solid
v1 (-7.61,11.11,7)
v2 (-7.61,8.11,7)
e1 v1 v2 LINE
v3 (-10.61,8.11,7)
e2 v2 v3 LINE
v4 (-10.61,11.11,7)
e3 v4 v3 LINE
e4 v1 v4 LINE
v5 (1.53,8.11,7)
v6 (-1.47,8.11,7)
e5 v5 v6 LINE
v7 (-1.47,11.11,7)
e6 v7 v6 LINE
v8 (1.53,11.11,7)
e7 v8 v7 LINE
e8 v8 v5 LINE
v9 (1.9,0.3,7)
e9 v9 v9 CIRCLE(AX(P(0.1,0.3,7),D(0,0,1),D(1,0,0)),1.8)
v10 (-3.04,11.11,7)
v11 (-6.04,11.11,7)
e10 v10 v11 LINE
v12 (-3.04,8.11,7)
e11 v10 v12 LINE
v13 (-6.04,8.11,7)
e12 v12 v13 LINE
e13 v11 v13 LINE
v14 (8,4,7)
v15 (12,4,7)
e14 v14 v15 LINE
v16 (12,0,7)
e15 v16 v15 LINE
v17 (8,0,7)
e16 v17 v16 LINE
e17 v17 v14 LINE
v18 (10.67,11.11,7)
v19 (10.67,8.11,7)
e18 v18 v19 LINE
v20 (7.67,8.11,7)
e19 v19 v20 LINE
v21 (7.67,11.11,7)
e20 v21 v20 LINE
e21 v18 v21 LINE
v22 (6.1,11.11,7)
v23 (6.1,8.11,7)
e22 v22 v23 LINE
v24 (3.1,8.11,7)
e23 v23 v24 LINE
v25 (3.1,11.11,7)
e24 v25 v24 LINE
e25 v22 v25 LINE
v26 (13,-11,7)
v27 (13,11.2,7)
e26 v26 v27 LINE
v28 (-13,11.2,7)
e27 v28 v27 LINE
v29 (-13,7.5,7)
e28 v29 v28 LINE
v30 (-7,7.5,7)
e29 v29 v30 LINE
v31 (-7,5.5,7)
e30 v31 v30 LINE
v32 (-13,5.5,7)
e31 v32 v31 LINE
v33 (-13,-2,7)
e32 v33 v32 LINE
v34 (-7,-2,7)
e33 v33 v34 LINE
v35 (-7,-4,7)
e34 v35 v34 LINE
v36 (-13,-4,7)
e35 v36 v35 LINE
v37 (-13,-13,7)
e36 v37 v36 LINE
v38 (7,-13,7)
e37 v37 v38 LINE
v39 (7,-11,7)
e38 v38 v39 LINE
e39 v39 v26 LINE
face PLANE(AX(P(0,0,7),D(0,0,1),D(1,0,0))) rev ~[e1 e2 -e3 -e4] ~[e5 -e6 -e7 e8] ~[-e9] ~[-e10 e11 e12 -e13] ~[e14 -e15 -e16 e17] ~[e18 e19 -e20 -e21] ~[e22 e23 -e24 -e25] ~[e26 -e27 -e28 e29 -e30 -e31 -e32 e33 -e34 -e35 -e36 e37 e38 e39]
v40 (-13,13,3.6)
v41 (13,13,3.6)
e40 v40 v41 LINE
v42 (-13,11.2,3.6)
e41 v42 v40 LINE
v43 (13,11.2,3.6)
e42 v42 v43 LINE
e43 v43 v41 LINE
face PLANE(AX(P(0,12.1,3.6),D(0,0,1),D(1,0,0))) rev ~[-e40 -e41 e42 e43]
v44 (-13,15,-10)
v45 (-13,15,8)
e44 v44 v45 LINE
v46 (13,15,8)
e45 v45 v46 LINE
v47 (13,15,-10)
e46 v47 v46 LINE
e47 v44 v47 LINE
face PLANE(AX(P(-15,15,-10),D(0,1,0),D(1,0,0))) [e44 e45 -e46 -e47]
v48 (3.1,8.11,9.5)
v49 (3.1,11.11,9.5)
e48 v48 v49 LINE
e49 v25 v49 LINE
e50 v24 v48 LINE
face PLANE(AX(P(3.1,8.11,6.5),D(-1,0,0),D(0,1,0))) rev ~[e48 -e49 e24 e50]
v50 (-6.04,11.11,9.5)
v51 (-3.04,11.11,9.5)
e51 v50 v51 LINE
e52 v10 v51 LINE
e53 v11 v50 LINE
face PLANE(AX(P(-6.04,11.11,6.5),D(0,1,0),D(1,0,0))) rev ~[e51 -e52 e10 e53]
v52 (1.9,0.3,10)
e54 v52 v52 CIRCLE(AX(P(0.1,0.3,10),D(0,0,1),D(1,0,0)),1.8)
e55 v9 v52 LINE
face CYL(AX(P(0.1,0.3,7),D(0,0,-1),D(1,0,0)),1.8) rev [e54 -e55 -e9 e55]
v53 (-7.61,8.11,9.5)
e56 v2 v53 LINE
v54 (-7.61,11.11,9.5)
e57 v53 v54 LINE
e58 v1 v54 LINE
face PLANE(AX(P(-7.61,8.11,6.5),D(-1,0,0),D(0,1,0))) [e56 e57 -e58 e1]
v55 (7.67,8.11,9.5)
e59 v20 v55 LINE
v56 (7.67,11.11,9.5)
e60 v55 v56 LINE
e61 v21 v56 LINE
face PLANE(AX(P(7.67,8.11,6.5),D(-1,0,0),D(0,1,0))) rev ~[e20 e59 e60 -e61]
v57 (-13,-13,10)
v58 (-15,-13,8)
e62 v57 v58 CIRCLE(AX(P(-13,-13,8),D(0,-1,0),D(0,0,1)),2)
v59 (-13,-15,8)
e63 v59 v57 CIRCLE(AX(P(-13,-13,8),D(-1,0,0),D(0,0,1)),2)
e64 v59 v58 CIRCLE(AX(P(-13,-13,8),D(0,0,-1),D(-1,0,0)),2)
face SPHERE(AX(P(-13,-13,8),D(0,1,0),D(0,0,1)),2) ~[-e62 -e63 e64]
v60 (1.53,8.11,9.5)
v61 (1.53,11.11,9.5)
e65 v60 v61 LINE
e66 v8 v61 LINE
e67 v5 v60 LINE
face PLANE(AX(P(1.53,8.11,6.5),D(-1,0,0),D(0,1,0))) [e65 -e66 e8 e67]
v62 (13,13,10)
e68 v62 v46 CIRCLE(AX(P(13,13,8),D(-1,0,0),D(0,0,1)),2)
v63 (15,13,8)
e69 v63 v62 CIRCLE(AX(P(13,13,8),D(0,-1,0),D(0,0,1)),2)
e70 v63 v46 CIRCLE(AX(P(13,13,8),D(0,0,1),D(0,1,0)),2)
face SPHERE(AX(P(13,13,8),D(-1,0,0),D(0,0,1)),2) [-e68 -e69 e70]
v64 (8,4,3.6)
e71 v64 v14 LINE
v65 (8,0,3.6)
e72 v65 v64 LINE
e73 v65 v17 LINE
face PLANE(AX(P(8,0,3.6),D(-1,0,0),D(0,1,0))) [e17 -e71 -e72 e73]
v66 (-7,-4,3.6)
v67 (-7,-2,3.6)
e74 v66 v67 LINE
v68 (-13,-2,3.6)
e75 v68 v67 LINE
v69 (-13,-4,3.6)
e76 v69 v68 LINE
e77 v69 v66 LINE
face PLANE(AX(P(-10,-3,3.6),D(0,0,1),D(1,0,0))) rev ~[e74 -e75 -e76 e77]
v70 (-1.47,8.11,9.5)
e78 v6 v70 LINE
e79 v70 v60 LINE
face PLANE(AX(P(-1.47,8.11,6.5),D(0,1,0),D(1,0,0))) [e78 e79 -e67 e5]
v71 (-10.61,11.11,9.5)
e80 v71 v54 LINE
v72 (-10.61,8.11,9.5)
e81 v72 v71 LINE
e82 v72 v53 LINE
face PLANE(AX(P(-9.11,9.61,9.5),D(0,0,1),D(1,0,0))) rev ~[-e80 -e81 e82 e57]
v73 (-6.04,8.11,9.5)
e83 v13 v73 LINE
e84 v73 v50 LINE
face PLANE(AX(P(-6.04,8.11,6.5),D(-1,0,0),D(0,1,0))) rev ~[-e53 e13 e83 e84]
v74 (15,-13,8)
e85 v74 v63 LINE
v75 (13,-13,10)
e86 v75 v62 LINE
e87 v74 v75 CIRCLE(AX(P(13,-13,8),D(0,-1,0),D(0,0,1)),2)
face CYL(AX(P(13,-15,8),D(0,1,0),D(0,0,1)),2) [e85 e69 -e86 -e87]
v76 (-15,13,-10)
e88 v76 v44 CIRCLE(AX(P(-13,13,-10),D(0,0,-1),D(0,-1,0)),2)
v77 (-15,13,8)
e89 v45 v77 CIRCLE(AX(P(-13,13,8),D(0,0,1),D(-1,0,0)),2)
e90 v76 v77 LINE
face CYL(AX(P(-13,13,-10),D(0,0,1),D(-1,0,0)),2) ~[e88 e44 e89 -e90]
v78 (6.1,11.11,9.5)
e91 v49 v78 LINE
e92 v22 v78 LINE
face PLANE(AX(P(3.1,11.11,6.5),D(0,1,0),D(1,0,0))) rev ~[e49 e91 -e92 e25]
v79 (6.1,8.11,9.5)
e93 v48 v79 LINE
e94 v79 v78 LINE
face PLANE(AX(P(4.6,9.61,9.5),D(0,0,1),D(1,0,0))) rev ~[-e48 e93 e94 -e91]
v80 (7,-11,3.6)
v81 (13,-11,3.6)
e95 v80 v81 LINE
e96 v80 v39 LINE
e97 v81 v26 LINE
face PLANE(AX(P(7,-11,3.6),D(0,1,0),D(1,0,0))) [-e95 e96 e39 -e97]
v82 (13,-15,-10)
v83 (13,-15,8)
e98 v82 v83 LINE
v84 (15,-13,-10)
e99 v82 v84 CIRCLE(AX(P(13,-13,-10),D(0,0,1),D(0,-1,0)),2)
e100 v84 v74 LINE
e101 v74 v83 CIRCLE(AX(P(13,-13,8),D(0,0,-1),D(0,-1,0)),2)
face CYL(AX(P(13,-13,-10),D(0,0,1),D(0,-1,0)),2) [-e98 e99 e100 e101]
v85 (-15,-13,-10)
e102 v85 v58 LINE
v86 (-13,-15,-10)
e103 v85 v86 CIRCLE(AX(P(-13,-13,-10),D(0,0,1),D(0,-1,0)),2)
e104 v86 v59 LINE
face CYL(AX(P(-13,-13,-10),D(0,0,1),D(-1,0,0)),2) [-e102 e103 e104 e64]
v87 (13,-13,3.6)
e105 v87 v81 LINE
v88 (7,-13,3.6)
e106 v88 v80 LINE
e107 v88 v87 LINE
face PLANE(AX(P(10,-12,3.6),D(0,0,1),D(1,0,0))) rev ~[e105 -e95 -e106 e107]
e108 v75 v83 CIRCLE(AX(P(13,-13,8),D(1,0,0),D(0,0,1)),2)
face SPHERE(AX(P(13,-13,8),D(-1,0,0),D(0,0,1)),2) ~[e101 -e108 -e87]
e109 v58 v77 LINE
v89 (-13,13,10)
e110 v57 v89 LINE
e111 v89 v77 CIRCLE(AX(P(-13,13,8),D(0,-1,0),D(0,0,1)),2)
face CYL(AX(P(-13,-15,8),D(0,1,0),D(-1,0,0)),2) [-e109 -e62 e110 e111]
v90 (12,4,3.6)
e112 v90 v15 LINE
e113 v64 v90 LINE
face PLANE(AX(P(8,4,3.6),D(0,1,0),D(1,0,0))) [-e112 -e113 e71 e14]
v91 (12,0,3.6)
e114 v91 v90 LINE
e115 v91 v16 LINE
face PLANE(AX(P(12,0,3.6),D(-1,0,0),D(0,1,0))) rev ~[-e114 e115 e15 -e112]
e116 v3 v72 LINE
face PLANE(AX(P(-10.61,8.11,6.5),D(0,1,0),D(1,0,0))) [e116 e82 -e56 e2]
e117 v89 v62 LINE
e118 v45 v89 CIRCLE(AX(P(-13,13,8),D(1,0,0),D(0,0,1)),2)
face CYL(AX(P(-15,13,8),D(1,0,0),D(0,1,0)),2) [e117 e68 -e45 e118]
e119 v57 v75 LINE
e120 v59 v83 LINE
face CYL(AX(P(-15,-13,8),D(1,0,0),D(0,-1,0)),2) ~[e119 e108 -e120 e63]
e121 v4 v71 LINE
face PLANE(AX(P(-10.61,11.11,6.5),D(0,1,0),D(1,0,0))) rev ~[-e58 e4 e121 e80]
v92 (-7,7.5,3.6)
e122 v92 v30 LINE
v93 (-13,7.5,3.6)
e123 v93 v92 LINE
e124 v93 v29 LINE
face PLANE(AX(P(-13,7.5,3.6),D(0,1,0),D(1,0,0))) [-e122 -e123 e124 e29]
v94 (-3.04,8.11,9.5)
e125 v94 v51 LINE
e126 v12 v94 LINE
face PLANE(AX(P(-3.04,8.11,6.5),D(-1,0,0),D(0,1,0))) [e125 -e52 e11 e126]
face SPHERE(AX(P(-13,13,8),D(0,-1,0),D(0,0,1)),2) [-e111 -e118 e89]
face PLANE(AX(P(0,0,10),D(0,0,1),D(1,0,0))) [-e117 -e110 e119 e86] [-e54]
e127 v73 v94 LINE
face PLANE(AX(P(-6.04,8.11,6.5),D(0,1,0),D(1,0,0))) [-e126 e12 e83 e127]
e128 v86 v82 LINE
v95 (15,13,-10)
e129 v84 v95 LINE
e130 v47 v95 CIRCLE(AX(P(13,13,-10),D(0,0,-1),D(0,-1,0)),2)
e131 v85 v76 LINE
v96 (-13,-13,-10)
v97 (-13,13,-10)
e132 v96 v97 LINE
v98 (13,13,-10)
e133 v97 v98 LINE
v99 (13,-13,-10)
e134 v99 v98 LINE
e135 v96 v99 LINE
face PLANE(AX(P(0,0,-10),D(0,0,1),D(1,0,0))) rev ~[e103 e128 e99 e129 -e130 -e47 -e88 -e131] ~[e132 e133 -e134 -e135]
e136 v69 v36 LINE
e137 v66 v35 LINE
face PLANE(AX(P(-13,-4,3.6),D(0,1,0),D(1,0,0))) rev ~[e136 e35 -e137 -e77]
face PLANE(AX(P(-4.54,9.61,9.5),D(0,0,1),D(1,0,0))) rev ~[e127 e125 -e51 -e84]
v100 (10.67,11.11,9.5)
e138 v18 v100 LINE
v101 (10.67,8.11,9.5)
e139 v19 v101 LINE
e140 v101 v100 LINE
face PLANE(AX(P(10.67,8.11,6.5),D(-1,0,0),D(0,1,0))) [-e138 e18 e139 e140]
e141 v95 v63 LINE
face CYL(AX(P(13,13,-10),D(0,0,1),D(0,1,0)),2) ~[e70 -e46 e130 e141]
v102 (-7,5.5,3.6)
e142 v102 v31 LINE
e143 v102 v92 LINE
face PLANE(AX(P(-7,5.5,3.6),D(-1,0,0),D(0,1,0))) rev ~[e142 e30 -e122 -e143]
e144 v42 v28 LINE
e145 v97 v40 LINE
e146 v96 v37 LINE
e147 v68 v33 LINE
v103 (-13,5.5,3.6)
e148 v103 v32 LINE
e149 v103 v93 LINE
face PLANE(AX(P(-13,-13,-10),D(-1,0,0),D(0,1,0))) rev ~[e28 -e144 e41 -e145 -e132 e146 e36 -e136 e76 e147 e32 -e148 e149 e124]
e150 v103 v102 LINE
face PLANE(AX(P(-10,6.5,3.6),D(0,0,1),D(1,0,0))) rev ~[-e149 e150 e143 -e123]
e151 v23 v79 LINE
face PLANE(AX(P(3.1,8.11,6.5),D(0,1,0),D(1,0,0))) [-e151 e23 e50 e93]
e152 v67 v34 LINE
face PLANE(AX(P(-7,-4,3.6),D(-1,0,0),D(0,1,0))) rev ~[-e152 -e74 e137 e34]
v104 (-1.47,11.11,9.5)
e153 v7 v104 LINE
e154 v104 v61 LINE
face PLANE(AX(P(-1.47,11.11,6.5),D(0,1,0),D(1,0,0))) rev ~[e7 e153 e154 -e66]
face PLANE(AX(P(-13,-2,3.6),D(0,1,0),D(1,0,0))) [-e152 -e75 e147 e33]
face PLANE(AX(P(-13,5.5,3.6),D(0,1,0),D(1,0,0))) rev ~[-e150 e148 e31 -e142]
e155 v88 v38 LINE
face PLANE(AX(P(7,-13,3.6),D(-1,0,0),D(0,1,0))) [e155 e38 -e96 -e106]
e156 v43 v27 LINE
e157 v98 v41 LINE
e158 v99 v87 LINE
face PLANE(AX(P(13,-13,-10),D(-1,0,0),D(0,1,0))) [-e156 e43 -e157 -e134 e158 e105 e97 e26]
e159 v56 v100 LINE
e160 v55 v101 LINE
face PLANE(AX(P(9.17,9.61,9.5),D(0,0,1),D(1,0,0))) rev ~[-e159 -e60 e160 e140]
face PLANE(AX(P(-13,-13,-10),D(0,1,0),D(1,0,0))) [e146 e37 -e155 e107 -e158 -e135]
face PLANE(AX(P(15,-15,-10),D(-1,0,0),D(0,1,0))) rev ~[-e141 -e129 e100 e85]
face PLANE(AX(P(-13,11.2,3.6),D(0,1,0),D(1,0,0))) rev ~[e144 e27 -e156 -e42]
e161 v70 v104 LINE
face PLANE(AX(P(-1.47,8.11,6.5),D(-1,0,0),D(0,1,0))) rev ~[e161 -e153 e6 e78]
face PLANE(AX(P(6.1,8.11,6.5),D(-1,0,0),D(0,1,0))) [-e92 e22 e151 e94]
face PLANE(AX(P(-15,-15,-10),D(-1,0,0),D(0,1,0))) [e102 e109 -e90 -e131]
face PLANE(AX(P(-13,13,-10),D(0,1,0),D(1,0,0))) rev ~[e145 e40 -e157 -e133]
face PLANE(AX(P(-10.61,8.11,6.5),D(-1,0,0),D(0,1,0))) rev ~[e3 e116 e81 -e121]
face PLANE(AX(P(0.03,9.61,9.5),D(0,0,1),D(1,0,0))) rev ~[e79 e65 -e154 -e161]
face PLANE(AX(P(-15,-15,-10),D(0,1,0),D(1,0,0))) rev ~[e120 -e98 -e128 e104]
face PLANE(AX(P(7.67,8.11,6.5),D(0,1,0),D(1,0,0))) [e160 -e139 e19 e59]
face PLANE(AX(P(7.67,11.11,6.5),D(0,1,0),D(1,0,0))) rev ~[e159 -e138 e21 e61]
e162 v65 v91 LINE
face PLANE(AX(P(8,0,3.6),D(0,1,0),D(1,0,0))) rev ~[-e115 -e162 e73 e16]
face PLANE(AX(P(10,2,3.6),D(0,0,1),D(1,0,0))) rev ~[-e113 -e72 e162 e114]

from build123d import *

# Parameters (mm, degrees)
CYLINDER001_R     = 1.8
CYLINDER001_DEPTH = 3
BOX006_W          = 3
BOX006_H          = 3
BOX006_DEPTH      = 3
BOX005_W          = 3
BOX005_H          = 3
BOX005_DEPTH      = 3
BOX003_W          = 3
BOX003_H          = 3
BOX003_DEPTH      = 3
BOX004_W          = 3
BOX004_H          = 3
BOX004_DEPTH      = 3
BOX002_W          = 3
BOX002_H          = 3
BOX002_DEPTH      = 3
BOX_W             = 26
BOX_H             = 26
BOX_DEPTH         = 17
BOX001_W          = 30
BOX001_H          = 30
BOX001_DEPTH      = 20
BOX010_W          = 6
BOX010_H          = 2
BOX010_DEPTH      = 3.4
BOX008_W          = 4
BOX008_H          = 4
BOX008_DEPTH      = 3.4
BOX007_W          = 26
BOX007_H          = 1.8
BOX007_DEPTH      = 3.4
BOX009_W          = 6
BOX009_H          = 2
BOX009_DEPTH      = 3.4
BOX011_W          = 6
BOX011_H          = 2
BOX011_DEPTH      = 3.4
FILLET_R          = 2


with BuildPart() as buttouch:
    # Cylinder001 → Cylinder001 (new body)
    with BuildSketch(Plane(origin=(0.1, 0.3, 7), x_dir=(1, 0, 0), z_dir=(0, 0, 1))):
        Circle(CYLINDER001_R)
    extrude(amount=CYLINDER001_DEPTH)


with BuildPart() as l5:
    # Box006 → Box006 (new body)
    with BuildSketch(Plane(origin=(7.67, 8.11, 6.5), x_dir=(1, 0, 0), z_dir=(0, 0, 1))):
        with Locations((1.5, 1.5)):
            Rectangle(BOX006_W, BOX006_H)
    extrude(amount=BOX006_DEPTH)


with BuildPart() as l4:
    # Box005 → Box005 (new body)
    with BuildSketch(Plane(origin=(3.1, 8.11, 6.5), x_dir=(1, 0, 0), z_dir=(0, 0, 1))):
        with Locations((1.5, 1.5)):
            Rectangle(BOX005_W, BOX005_H)
    extrude(amount=BOX005_DEPTH)


with BuildPart() as l2:
    # Box003 → Box003 (new body)
    with BuildSketch(Plane(origin=(-6.04, 8.11, 6.5), x_dir=(1, 0, 0), z_dir=(0, 0, 1))):
        with Locations((1.5, 1.5)):
            Rectangle(BOX003_W, BOX003_H)
    extrude(amount=BOX003_DEPTH)


with BuildPart() as l3:
    # Box004 → Box004 (new body)
    with BuildSketch(Plane(origin=(-1.47, 8.11, 6.5), x_dir=(1, 0, 0), z_dir=(0, 0, 1))):
        with Locations((1.5, 1.5)):
            Rectangle(BOX004_W, BOX004_H)
    extrude(amount=BOX004_DEPTH)


with BuildPart() as fusion:
    # Box002 → Box002 (new body)
    with BuildSketch(Plane(origin=(-10.61, 8.11, 6.5), x_dir=(1, 0, 0), z_dir=(0, 0, 1))):
        with Locations((1.5, 1.5)):
            Rectangle(BOX002_W, BOX002_H)
    extrude(amount=BOX002_DEPTH)

    # Fusion: union L5, L4, L2, L3
    add(l5.part)
    add(l4.part)
    add(l2.part)
    add(l3.part)


with BuildPart() as maininside:
    # Box → Box (new body)
    with BuildSketch(Plane(origin=(-13, -13, -10), x_dir=(1, 0, 0), z_dir=(0, 0, 1))):
        with Locations((13, 13)):
            Rectangle(BOX_W, BOX_H)
    extrude(amount=BOX_DEPTH)


with BuildPart() as cut002:
    # Box001 → Box001 (new body)
    with BuildSketch(Plane(origin=(-15, -15, -10), x_dir=(1, 0, 0), z_dir=(0, 0, 1))):
        with Locations((15, 15)):
            Rectangle(BOX001_W, BOX001_H)
    extrude(amount=BOX001_DEPTH)

    # Cut: cut MainInside
    add(maininside.part, mode=Mode.SUBTRACT)

    # Cut001: cut Fusion
    add(fusion.part, mode=Mode.SUBTRACT)

    # Cut002: cut ButTouch
    add(buttouch.part, mode=Mode.SUBTRACT)


with BuildPart() as cubedestek4:
    # Box010 → Box010 (new body)
    with BuildSketch(Plane(origin=(-13, 5.5, 3.6), x_dir=(1, 0, 0), z_dir=(0, 0, 1))):
        with Locations((3, 1)):
            Rectangle(BOX010_W, BOX010_H)
    extrude(amount=BOX010_DEPTH)


with BuildPart() as cubedestek2:
    # Box008 → Box008 (new body)
    with BuildSketch(Plane(origin=(8, 0, 3.6), x_dir=(1, 0, 0), z_dir=(0, 0, 1))):
        with Locations((2, 2)):
            Rectangle(BOX008_W, BOX008_H)
    extrude(amount=BOX008_DEPTH)


with BuildPart() as cubedestek:
    # Box007 → Box007 (new body)
    with BuildSketch(Plane(origin=(-13, 11.2, 3.6), x_dir=(1, 0, 0), z_dir=(0, 0, 1))):
        with Locations((13, 0.9)):
            Rectangle(BOX007_W, BOX007_H)
    extrude(amount=BOX007_DEPTH)


with BuildPart() as cubedestek3:
    # Box009 → Box009 (new body)
    with BuildSketch(Plane(origin=(-13, -4, 3.6), x_dir=(1, 0, 0), z_dir=(0, 0, 1))):
        with Locations((3, 1)):
            Rectangle(BOX009_W, BOX009_H)
    extrude(amount=BOX009_DEPTH)


with BuildPart() as fillet_body:
    # Box011 → Box011 (new body)
    with BuildSketch(Plane(origin=(7, -13, 3.6), x_dir=(1, 0, 0), z_dir=(0, 0, 1))):
        with Locations((3, 1)):
            Rectangle(BOX011_W, BOX011_H)
    extrude(amount=BOX011_DEPTH)

    # Fusion002: union CubeDestek4, CubeDestek2, CubeDestek, CubeDestek3
    add(cubedestek4.part)
    add(cubedestek2.part)
    add(cubedestek.part)
    add(cubedestek3.part)

    # Fusion005: union Cut002
    add(cut002.part)

    # Fillet
    fillet_edges = [fillet_body.edges().sort_by_distance(p)[0] for p in [
        (-15, 0, 10),
        (0, 15, 10),
        (0, -15, 10),
        (15, 0, 10),
        (-15, -15, 0),
        (-15, 15, 0),
        (15, 15, 0),
        (15, -15, 0),
    ]]
    fillet(fillet_edges, radius=FILLET_R)


solid = fillet_body.part
